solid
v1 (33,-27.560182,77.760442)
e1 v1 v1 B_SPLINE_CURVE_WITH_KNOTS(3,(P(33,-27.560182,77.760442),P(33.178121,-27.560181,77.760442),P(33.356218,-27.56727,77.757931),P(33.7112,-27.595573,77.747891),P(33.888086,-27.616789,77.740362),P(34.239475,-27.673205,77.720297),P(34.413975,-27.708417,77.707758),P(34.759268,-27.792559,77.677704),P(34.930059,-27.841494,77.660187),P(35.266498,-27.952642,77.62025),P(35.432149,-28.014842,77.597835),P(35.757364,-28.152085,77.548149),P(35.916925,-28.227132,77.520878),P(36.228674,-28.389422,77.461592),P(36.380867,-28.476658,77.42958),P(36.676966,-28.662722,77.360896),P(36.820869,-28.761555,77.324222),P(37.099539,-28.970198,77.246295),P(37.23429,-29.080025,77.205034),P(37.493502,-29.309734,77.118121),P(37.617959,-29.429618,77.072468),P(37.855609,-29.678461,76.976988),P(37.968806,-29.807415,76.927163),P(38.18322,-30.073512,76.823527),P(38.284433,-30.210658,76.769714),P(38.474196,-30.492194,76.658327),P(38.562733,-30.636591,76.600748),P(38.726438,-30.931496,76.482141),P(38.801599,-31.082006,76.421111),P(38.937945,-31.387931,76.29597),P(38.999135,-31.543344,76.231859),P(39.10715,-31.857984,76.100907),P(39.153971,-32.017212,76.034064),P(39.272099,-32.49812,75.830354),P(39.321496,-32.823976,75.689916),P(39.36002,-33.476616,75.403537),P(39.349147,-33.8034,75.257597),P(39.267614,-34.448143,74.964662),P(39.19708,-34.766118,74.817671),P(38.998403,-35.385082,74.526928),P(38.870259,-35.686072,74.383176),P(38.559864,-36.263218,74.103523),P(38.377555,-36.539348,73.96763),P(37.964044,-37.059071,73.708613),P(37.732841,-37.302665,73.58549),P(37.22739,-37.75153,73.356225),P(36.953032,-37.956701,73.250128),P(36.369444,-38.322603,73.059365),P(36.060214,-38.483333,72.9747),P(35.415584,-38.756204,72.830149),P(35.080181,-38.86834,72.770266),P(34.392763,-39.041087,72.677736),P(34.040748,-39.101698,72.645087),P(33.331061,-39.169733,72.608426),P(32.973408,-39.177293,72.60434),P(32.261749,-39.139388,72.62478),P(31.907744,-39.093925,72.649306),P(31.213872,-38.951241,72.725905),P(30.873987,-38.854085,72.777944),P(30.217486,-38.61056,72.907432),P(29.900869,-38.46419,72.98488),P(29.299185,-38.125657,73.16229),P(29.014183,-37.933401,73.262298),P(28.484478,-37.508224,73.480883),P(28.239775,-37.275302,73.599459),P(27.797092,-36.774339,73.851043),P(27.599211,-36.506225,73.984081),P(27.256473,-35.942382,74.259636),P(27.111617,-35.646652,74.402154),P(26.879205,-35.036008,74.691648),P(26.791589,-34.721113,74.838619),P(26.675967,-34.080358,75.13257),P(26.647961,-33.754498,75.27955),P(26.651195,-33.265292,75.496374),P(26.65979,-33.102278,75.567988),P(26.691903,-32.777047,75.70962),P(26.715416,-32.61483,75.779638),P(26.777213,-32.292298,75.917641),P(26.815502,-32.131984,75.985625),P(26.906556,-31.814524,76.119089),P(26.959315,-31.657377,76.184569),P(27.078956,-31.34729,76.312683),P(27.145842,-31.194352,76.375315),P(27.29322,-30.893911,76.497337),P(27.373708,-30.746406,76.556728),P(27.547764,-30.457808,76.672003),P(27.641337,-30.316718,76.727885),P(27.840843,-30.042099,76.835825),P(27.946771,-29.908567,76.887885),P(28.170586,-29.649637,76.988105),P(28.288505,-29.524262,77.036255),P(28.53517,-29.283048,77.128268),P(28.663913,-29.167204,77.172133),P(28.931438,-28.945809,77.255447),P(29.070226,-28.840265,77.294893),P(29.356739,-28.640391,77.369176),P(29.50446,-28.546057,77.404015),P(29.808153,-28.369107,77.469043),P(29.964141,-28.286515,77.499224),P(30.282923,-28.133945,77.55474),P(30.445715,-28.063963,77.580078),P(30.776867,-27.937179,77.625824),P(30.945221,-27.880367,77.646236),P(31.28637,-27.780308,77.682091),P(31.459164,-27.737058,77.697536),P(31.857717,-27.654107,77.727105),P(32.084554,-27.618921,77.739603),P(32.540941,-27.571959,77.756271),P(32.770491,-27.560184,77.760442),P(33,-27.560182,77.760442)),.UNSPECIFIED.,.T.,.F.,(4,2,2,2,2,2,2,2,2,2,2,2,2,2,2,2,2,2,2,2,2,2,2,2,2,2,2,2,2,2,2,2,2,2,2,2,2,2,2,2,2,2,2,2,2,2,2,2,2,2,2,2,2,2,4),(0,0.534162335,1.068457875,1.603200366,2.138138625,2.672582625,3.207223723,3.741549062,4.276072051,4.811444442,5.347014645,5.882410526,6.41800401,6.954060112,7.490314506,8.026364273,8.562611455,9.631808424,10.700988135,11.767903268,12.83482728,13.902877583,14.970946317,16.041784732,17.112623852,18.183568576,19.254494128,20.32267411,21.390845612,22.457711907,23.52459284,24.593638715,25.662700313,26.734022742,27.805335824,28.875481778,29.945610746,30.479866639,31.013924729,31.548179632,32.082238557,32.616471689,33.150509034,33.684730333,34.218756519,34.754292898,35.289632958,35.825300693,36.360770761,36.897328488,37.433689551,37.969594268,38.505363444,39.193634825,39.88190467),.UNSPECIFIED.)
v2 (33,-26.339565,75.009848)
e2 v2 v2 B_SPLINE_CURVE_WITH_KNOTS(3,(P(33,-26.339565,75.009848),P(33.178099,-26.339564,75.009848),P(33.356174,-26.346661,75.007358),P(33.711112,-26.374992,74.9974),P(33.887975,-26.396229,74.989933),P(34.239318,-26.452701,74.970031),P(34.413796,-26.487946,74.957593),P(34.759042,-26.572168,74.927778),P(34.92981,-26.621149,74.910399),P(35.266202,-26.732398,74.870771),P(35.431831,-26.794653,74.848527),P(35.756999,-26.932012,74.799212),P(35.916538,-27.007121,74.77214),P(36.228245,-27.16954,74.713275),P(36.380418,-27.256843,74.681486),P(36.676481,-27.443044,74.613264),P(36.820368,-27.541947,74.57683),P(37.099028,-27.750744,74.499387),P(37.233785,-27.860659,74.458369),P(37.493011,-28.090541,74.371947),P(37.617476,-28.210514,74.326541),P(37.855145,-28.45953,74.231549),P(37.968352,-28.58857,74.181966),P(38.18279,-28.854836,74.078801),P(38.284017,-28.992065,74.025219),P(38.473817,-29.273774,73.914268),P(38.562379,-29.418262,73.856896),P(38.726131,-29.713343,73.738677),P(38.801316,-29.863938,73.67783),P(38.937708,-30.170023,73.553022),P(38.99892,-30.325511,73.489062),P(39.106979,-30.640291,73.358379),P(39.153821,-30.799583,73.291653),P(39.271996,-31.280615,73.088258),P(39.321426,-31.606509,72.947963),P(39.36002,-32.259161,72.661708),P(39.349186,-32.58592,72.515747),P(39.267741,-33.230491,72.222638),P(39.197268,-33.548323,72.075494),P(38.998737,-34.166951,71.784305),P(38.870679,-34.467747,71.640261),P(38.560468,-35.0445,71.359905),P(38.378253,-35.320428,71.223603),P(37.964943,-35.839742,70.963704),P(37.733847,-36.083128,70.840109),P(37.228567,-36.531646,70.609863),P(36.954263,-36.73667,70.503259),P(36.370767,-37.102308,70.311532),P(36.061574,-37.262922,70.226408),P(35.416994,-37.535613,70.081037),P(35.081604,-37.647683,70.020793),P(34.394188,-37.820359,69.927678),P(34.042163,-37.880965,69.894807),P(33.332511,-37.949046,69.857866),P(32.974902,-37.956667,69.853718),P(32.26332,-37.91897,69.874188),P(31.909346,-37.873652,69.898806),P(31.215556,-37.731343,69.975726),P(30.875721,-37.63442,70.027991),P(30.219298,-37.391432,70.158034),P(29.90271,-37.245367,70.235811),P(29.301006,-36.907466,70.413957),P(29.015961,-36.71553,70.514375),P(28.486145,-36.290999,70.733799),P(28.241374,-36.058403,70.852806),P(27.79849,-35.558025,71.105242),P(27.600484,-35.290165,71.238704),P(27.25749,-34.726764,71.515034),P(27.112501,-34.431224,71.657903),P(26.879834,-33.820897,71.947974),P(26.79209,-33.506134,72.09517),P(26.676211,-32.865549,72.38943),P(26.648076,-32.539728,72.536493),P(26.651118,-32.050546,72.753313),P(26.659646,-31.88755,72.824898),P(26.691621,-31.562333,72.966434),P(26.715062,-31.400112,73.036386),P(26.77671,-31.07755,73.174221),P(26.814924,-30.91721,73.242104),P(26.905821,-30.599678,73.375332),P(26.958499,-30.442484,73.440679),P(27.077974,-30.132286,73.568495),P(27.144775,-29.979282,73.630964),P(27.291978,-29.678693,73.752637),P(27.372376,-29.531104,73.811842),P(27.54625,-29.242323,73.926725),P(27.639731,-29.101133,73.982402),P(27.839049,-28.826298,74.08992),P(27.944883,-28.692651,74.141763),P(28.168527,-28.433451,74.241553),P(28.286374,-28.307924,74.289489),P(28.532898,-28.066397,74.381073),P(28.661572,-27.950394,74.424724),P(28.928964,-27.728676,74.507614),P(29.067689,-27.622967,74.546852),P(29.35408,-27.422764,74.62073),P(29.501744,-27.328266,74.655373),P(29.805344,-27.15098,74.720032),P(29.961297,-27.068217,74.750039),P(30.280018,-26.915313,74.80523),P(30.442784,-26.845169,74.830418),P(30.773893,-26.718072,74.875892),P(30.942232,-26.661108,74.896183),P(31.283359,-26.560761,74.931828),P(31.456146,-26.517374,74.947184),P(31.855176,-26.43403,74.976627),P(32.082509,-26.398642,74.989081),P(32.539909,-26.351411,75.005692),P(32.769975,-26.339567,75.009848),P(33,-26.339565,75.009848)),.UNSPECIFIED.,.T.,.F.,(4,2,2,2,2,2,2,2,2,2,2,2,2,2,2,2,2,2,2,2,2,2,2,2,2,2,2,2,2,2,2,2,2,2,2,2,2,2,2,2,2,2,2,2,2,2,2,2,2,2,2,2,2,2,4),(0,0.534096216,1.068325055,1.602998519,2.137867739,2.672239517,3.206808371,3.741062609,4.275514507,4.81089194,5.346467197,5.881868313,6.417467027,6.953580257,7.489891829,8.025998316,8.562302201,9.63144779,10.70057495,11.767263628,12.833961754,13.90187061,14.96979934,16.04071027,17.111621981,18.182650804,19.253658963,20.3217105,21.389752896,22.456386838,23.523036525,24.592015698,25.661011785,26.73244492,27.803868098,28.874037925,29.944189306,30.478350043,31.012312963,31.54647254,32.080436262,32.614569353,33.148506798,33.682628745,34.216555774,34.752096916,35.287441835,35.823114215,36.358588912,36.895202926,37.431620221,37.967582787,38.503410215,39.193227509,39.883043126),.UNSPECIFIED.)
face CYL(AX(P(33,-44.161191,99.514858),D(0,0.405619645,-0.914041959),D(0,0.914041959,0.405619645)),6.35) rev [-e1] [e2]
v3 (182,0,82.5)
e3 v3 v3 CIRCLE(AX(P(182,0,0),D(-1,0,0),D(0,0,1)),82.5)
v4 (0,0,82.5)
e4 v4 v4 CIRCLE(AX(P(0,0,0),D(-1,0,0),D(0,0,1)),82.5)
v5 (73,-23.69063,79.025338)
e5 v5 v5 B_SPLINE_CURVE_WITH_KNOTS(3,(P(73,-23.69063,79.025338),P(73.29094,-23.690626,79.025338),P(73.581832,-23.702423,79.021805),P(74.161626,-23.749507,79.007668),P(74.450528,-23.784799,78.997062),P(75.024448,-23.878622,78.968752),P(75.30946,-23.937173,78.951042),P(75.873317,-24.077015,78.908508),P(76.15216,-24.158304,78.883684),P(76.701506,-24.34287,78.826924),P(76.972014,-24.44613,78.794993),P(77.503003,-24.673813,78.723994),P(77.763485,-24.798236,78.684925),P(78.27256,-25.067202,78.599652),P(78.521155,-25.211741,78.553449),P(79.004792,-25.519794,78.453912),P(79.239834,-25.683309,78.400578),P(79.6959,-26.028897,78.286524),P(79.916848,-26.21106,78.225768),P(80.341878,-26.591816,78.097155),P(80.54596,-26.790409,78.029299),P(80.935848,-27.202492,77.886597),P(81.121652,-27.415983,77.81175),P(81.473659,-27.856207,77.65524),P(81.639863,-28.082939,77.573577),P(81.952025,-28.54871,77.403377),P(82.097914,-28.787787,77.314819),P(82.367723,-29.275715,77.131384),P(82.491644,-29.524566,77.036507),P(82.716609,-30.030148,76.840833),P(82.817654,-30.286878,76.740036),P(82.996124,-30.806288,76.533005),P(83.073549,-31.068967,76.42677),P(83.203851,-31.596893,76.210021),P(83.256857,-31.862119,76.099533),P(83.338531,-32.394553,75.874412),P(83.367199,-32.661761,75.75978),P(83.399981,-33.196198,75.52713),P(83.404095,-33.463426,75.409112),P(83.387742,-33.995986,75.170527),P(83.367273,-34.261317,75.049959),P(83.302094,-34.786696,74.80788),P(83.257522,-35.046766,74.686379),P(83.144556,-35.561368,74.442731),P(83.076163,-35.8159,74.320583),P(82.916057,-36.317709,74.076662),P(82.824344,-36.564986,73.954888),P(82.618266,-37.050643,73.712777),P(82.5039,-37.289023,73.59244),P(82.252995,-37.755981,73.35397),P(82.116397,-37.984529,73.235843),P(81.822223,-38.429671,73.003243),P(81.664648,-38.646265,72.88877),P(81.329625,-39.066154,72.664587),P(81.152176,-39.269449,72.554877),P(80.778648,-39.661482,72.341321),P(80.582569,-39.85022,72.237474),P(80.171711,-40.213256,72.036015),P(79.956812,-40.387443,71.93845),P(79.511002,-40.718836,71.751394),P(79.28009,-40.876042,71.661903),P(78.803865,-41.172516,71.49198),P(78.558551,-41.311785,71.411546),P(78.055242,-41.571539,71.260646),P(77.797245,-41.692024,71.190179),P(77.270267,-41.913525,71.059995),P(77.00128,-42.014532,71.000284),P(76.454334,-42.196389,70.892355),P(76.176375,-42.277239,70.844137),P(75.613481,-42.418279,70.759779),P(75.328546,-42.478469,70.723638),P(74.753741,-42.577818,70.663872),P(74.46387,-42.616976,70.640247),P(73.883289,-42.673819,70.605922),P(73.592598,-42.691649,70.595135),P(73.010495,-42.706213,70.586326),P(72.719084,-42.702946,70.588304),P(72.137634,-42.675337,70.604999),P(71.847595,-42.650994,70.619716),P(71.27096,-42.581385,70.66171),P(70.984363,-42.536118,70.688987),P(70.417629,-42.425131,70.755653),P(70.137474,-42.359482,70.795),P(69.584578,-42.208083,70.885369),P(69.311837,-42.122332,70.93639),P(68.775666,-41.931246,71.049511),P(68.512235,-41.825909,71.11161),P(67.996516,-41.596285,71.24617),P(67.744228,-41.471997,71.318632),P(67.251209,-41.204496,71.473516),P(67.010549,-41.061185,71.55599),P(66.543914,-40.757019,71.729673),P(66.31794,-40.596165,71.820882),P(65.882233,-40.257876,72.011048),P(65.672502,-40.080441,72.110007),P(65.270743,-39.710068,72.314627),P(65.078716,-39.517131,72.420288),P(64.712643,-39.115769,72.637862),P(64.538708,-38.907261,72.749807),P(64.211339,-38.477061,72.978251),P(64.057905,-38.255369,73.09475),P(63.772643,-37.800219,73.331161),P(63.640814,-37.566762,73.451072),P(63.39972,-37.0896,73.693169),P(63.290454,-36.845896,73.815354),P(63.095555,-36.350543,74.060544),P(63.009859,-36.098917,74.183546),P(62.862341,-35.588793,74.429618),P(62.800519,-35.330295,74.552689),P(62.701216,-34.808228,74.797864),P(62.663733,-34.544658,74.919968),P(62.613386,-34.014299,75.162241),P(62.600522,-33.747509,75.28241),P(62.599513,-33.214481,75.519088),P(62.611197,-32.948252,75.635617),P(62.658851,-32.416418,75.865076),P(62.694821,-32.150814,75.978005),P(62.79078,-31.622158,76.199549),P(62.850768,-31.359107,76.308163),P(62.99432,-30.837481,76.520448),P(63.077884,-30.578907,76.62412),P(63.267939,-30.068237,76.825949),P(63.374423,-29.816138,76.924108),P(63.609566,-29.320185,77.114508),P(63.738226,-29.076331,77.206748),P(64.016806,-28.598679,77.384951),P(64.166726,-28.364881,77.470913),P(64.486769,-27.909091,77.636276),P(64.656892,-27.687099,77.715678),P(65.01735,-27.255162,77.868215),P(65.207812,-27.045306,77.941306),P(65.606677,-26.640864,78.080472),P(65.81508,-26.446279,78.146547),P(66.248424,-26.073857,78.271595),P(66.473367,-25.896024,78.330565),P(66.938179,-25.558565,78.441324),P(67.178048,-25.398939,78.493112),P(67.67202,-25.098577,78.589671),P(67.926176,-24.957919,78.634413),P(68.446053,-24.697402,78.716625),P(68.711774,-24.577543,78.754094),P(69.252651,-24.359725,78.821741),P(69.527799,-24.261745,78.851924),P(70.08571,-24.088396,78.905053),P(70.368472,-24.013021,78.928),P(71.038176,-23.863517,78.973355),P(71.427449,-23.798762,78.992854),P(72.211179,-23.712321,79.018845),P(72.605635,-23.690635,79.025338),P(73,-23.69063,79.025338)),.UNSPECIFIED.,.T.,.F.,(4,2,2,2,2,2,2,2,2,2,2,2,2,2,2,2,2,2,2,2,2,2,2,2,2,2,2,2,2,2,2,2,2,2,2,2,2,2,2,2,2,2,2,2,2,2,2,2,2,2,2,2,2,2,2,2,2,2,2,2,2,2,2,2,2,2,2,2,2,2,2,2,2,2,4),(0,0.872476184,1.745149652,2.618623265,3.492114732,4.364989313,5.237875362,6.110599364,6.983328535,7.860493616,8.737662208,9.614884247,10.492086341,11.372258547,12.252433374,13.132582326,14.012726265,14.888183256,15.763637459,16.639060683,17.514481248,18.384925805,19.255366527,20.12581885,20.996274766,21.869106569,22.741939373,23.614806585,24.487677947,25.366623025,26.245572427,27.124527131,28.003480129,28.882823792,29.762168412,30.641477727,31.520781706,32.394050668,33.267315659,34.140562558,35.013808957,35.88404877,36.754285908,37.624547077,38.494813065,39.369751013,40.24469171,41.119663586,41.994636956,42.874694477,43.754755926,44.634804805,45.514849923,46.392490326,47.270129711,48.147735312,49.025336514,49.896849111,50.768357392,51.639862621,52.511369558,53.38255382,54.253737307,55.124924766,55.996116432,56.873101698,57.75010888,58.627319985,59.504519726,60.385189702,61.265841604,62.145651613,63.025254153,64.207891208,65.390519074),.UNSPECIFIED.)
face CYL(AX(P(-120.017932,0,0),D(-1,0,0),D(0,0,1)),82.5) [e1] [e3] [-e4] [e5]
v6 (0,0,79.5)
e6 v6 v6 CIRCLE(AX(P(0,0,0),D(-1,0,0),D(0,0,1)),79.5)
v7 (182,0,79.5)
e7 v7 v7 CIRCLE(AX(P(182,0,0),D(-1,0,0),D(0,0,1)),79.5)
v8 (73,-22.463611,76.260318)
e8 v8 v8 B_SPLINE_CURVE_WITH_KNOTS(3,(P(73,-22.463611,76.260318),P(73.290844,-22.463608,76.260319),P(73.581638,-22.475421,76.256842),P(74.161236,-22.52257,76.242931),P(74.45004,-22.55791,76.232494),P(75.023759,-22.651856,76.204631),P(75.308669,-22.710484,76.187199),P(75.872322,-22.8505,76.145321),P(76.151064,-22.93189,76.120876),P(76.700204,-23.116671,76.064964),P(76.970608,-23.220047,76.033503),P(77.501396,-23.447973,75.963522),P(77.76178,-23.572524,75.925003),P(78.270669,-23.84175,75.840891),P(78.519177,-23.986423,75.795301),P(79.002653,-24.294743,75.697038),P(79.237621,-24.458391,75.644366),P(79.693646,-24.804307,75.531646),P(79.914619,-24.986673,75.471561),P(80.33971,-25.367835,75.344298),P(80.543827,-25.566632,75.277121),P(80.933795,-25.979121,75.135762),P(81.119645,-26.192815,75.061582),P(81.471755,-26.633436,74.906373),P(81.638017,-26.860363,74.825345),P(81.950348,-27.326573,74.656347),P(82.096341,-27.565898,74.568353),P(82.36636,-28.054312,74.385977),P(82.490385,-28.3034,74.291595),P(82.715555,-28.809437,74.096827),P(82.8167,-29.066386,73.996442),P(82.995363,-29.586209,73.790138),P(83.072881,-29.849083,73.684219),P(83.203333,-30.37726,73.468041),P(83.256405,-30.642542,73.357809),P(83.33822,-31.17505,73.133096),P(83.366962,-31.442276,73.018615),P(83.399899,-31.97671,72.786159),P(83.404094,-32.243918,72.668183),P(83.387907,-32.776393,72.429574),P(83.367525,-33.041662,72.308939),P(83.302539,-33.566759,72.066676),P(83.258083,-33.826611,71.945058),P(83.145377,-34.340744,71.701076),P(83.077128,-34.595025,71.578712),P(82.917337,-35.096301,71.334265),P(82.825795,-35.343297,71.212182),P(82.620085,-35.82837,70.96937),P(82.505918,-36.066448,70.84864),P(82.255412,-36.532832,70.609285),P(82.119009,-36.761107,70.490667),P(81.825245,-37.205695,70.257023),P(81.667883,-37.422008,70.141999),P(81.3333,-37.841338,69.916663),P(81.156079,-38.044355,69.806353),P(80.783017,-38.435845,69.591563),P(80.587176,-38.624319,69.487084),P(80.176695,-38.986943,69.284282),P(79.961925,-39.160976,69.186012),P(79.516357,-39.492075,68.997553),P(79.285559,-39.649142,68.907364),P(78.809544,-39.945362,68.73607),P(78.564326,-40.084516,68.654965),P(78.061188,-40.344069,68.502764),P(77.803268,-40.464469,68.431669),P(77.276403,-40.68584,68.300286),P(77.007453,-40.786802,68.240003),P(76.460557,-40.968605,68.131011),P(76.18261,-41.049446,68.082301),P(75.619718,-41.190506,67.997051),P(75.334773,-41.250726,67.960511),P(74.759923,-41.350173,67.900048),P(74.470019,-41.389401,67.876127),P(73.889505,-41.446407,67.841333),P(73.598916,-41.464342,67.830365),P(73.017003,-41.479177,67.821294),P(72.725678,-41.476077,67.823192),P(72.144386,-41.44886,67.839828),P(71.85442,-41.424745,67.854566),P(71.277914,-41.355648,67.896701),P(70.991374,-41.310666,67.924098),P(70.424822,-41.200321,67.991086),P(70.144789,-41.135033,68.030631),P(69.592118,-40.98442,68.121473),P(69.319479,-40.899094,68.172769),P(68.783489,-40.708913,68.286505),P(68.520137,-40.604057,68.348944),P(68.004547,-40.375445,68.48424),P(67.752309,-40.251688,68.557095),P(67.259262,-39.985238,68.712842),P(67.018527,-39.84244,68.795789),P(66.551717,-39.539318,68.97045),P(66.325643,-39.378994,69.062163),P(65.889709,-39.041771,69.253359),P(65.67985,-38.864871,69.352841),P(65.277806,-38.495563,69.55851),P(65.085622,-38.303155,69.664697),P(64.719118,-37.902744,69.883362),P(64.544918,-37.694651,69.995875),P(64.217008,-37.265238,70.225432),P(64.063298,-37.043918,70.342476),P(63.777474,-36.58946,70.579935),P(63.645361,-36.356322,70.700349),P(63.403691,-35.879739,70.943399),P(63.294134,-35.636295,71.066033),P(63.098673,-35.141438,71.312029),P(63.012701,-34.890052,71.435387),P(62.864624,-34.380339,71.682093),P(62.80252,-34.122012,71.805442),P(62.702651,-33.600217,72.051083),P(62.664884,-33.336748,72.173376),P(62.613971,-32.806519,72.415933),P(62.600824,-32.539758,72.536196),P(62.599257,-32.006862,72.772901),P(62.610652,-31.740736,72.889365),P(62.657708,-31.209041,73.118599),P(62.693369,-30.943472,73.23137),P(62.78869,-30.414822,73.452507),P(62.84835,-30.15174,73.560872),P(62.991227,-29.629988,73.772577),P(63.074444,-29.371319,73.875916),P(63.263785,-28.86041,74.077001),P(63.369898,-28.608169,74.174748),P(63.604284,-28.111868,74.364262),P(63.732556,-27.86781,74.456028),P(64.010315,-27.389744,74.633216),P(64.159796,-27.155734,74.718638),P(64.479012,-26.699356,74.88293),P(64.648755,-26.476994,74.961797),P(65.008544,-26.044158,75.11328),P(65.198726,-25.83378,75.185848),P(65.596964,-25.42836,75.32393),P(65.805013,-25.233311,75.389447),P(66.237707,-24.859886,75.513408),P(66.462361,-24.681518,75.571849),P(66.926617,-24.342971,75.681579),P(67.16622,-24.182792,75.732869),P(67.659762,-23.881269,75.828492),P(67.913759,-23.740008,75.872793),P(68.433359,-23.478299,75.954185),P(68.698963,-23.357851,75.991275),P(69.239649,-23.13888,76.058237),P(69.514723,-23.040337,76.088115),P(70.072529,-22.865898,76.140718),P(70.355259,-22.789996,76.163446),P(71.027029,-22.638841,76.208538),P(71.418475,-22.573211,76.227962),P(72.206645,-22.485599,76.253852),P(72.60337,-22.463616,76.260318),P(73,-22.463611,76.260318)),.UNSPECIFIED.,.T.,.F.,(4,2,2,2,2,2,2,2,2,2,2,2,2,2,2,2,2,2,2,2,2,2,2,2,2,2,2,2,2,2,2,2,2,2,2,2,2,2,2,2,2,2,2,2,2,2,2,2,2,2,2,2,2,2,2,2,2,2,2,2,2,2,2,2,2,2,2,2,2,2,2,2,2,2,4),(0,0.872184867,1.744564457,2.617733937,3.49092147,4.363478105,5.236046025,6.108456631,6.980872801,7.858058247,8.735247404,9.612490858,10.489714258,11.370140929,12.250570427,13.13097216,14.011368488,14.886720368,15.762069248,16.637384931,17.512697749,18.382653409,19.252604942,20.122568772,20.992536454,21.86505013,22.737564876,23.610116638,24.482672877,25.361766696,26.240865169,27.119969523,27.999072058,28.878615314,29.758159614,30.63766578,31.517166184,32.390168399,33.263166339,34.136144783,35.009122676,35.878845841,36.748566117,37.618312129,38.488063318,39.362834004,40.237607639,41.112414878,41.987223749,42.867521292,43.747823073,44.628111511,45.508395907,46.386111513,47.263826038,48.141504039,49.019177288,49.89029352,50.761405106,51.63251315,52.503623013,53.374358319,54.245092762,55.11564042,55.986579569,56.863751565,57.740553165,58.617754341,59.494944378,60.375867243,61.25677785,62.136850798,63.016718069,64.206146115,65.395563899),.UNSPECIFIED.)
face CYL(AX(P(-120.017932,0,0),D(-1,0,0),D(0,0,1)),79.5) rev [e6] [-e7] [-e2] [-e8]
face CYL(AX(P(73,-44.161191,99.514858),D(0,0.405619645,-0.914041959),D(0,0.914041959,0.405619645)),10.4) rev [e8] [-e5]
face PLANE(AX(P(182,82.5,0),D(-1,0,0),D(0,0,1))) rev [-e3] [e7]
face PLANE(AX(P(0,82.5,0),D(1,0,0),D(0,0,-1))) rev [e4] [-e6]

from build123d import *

# Parameters (mm, degrees)
SKETCH1_W               = 182
SKETCH1_H               = 3
CUT_EXTRUDE1_REACH      = 181.132
CUT_EXTRUDE1_END_RADIUS = 82.5
SKETCH2_R               = 10.4
SKETCH2_R_2             = 6.35


with BuildPart() as part:
    # Sketch1 → Revolve1 (revolve)
    with BuildSketch(Plane.XY, mode=Mode.PRIVATE) as revolve1_sk:
        with Locations((91, 81)):
            Rectangle(SKETCH1_W, SKETCH1_H)
    revolve(revolve1_sk.sketch.rotate(Axis((-120.017932179, 0, 0), (1, 0, 0)), 90), axis=Axis((-120.017932179, 0, 0), (1, 0, 0)))

    # Cut-Extrude1: up to this cylinder (the profile starts inside it)
    cut_extrude1_end = Plane(origin=(53, 0, 0), z_dir=(-1, 0, 0)) * Cylinder(CUT_EXTRUDE1_END_RADIUS, 568.264, mode=Mode.PRIVATE)
    # Sketch2 → Cut-Extrude1 (cut, up to the surface)
    with BuildSketch(Plane(origin=(91.819980732, -35.746260181, -15.862931908), x_dir=(1, 0, 0), z_dir=(1.974262242059059e-15, -0.4056196449704911, 0.9140419594384127)), mode=Mode.PRIVATE) as cut_extrude1_sk1:
        with Locations(Location((-18.819980732, 39.107898508, 0), (0, 0, 90))):
            Circle(SKETCH2_R)
    cut_extrude1_tool1 = extrude(cut_extrude1_sk1.sketch, amount=CUT_EXTRUDE1_REACH, mode=Mode.PRIVATE) & cut_extrude1_end
    add(cut_extrude1_tool1.solids().sort_by_distance((73, 0, 0))[0], mode=Mode.SUBTRACT)
    # Sketch2 → Cut-Extrude1 (cut, up to the surface)
    with BuildSketch(Plane(origin=(91.819980732, -35.746260181, -15.862931908), x_dir=(1, 0, 0), z_dir=(1.974262242059059e-15, -0.4056196449704911, 0.9140419594384127)), mode=Mode.PRIVATE) as cut_extrude1_sk2:
        with Locations(Location((-58.819980732, 39.107898508, 0), (0, 0, 90))):
            Circle(SKETCH2_R_2)
    cut_extrude1_tool2 = extrude(cut_extrude1_sk2.sketch, amount=CUT_EXTRUDE1_REACH, mode=Mode.PRIVATE) & cut_extrude1_end
    add(cut_extrude1_tool2.solids().sort_by_distance((33, 0, 0))[0], mode=Mode.SUBTRACT)


solid = part.part
